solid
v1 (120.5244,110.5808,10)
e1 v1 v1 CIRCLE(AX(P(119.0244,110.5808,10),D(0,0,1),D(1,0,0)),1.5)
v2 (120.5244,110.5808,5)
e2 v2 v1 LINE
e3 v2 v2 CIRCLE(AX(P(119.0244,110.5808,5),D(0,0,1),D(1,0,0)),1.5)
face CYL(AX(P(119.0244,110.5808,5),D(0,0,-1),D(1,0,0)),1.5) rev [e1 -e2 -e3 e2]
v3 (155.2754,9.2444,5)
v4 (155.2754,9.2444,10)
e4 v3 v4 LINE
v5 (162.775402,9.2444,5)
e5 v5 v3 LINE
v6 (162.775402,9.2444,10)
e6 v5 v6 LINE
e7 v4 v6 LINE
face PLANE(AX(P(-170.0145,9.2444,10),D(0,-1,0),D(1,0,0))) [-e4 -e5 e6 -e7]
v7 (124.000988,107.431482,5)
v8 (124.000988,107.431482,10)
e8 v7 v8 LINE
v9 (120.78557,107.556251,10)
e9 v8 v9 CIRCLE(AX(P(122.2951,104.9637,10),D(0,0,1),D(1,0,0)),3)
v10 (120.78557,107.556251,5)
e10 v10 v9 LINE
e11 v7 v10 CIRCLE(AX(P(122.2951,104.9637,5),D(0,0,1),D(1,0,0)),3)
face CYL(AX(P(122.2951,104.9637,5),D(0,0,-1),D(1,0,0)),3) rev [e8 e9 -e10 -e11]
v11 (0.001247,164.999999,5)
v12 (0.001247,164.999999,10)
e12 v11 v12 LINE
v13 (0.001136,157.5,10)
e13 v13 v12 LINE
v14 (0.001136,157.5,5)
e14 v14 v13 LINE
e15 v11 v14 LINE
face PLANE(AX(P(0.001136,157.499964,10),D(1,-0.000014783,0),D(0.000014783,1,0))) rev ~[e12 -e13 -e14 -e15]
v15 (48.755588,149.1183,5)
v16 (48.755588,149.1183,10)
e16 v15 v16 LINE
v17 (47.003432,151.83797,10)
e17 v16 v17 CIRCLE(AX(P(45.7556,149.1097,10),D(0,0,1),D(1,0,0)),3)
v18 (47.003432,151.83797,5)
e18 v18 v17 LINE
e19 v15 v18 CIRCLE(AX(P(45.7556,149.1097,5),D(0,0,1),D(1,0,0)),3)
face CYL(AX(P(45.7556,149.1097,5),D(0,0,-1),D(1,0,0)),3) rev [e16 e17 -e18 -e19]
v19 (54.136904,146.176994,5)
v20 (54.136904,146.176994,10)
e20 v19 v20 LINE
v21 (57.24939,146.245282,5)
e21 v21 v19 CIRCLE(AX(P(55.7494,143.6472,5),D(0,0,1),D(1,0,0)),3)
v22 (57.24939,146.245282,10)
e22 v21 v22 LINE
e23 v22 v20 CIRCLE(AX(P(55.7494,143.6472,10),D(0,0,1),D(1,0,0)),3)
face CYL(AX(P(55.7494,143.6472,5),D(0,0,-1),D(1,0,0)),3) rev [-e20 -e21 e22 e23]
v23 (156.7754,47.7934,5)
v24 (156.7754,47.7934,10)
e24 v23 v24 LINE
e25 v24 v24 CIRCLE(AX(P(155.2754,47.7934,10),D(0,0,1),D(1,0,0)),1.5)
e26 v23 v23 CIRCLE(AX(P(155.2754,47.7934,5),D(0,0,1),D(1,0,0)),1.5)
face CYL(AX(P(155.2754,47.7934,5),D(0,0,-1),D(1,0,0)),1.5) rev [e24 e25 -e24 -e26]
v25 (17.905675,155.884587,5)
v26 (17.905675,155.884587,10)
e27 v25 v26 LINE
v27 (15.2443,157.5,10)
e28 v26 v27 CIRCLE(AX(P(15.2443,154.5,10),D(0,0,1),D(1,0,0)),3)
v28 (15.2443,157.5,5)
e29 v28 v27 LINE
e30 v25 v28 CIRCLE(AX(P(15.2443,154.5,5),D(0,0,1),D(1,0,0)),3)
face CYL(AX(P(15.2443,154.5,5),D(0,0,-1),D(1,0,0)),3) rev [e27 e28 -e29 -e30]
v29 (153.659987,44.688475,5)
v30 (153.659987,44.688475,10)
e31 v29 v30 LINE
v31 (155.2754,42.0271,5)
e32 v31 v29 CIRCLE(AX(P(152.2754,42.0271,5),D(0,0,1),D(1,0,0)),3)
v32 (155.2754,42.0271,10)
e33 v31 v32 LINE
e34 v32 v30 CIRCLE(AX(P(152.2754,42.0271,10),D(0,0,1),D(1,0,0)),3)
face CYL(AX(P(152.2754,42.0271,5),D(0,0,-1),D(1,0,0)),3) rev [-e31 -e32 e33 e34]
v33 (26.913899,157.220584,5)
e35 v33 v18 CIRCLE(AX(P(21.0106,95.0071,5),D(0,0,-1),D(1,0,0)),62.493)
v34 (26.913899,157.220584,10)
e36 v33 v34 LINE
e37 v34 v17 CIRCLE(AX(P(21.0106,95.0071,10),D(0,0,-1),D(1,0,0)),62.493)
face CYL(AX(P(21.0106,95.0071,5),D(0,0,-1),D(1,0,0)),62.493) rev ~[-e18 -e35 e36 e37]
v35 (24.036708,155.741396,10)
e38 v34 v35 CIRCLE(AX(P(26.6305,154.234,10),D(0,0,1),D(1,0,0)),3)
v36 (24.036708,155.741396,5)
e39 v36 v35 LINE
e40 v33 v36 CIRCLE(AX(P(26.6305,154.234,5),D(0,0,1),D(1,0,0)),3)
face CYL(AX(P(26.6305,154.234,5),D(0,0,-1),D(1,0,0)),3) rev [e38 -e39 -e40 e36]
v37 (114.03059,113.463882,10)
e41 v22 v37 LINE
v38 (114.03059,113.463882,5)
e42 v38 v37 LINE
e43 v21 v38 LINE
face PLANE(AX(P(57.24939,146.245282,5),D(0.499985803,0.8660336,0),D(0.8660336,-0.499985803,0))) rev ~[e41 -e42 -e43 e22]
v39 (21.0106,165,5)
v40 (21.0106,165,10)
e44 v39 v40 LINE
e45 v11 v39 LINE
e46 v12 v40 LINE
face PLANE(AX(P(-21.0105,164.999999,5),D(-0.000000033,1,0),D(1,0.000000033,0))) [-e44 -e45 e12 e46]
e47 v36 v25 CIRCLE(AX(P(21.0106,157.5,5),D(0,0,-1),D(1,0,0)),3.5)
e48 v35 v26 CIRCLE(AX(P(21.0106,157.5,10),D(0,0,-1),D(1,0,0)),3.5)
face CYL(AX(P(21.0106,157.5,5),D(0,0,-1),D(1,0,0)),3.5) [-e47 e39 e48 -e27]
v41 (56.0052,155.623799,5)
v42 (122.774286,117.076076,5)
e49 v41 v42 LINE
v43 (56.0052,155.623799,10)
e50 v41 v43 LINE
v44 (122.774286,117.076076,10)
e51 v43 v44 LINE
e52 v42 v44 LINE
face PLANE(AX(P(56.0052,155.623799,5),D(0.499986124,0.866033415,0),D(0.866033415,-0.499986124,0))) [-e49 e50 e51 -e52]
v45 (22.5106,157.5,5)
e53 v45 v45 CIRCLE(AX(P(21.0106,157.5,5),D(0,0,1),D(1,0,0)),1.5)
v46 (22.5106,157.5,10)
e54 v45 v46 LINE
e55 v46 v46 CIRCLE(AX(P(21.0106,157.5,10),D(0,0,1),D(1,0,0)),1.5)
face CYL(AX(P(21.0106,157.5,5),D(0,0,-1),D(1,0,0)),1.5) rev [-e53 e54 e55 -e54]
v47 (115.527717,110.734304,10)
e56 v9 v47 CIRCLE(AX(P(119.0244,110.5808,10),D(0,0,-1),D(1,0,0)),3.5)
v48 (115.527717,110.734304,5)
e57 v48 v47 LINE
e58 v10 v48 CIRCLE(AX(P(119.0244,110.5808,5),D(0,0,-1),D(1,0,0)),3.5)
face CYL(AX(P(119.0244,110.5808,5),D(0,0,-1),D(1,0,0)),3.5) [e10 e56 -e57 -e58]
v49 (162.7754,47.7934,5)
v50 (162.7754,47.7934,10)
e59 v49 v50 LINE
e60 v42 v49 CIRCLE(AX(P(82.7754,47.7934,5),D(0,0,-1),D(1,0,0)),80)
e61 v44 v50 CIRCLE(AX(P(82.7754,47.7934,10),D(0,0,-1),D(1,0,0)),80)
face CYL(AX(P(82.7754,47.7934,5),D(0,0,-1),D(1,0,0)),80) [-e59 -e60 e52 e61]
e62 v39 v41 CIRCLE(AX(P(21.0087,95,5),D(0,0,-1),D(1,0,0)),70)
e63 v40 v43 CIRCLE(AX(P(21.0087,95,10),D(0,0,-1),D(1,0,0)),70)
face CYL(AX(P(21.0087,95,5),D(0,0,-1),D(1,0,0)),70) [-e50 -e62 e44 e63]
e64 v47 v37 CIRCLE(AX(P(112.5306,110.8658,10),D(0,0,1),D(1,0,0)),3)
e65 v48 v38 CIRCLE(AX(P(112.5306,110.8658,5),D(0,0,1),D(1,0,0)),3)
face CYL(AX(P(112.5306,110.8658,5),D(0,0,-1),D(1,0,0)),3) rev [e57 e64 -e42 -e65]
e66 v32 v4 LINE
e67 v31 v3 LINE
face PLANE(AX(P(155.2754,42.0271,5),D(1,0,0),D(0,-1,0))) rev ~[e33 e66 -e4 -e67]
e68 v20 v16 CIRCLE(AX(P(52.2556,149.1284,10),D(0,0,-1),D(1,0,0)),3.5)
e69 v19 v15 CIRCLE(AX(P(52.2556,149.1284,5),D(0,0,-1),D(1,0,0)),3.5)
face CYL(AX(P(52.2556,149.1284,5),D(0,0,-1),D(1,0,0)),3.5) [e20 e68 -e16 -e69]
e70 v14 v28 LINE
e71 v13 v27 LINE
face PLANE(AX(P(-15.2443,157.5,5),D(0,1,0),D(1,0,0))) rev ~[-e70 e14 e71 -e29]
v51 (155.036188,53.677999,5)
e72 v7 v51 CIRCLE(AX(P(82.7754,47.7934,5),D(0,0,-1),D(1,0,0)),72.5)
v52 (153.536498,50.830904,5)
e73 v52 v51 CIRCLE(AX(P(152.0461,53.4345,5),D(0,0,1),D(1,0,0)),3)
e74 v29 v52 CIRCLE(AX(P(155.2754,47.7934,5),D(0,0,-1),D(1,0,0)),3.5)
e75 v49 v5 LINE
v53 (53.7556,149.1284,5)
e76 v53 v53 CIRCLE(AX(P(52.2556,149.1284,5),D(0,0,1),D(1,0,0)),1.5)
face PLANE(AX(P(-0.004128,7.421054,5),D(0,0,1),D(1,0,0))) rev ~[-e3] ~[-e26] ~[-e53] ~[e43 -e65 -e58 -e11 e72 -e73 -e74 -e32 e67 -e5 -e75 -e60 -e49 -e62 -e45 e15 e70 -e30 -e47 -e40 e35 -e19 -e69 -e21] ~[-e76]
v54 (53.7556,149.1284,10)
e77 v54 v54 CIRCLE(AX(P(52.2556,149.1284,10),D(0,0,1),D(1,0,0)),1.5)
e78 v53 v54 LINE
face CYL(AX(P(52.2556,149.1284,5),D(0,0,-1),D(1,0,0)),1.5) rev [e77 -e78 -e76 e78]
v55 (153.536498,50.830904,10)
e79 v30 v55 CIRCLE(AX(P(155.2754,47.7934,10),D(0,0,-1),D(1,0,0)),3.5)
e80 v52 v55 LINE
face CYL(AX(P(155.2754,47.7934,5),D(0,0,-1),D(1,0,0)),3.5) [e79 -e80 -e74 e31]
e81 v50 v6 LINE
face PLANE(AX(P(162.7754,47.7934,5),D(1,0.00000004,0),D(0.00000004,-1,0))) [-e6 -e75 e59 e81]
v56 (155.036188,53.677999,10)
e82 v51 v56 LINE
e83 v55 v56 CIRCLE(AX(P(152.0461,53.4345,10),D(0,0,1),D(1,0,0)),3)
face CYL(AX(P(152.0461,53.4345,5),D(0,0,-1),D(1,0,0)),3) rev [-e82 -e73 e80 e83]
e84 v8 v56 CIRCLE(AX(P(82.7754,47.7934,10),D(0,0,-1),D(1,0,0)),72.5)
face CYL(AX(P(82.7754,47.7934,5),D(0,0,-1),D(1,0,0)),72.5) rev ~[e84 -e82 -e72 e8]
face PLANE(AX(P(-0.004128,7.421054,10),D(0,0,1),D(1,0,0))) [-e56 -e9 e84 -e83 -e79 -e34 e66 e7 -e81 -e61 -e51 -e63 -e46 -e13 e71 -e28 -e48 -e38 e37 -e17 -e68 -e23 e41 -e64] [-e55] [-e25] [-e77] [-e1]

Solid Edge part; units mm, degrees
sketch "Sketch1" plane through (0.0007, 14.651, 5) normal (0, 0, 1) x (1, 0, 0)
  line L0 (-114.0407, 98.8093) -> (-57.2599, 131.5929)
  arc A0 (-54.1474, 131.5247) -> (-57.2599, 131.5929) centre (-55.7598, 128.9948) ccw
  arc A1 (-47.0142, 137.1861) -> (-48.7662, 134.4664) centre (-45.7662, 134.458) ccw
  arc A2 (-47.0142, 137.1861) -> (-26.9146, 142.5706) centre (-21.0226, 80.3698) cw
  arc A3 (-24.0376, 141.0909) -> (-26.9146, 142.5706) centre (-26.6317, 139.5839) ccw
  arc A4 (-15.245, 142.849) -> (-17.9063, 141.2336) centre (-15.245, 139.849) ccw
  line L1 (-15.245, 142.849) -> (15.2436, 142.849)
  arc A5 (17.905, 141.2336) -> (15.2436, 142.849) centre (15.2436, 139.849) ccw
  arc A6 (26.9132, 142.5696) -> (24.036, 141.0904) centre (26.6298, 139.583) ccw
  arc A7 (26.9132, 142.5696) -> (47.0027, 137.1869) centre (21.0099, 80.3561) cw
  arc A8 (48.7549, 134.4673) -> (47.0027, 137.1869) centre (45.7549, 134.4587) ccw
  arc A9 (57.2487, 131.5943) -> (54.1362, 131.526) centre (55.7487, 128.9962) ccw
  line L2 (57.2487, 131.5943) -> (114.0299, 98.8129)
  arc A10 (115.5271, 96.0833) -> (114.0299, 98.8129) centre (112.5299, 96.2148) ccw
  arc A11 (124.0003, 92.7805) -> (120.7849, 92.9052) centre (122.2944, 90.3127) ccw
  arc A12 (124.0003, 92.7805) -> (155.0355, 39.027) centre (82.7747, 33.1424) cw
  arc A13 (153.5358, 36.1799) -> (155.0355, 39.027) centre (152.0454, 38.7835) ccw
  arc A14 (155.2747, 27.3761) -> (153.6593, 30.0375) centre (152.2747, 27.3761) ccw
  line L3 (155.2747, 27.3761) -> (155.2747, -38.192)
  arc A15 (153.6593, -40.8534) -> (155.2747, -38.192) centre (152.2747, -38.192) ccw
  arc A16 (154.9954, -49.8615) -> (153.5161, -46.9844) centre (152.0088, -49.5782) ccw
  arc A17 (154.9954, -49.8615) -> (149.6134, -69.9554) centre (92.7533, -43.9583) cw
  arc A18 (146.8942, -71.7079) -> (149.6134, -69.9554) centre (146.8851, -68.7079) ccw
  arc A19 (144.0217, -80.2016) -> (143.9534, -77.0892) centre (141.4236, -78.7016) ccw
  line L4 (144.0217, -80.2016) -> (127.6444, -108.5679)
  arc A20 (122.7007, -116.5716) -> (122.8583, -113.3403) centre (120.256, -114.8329) ccw
  arc A21 (77.6703, -142.5696) -> (122.7007, -116.5716) centre (71.767, -80.3476) ccw
  arc A22 (74.7931, -141.0904) -> (77.6703, -142.5696) centre (77.3869, -139.583) ccw
  arc A23 (66.0007, -142.849) -> (68.6621, -141.2336) centre (66.0007, -139.849) ccw
  line L5 (5.7656, -142.849) -> (66.0007, -142.849)
  arc A24 (3.1042, -141.2336) -> (5.7656, -142.849) centre (5.7656, -139.849) ccw
  arc A25 (-5.767, -142.849) -> (-3.1056, -141.2336) centre (-5.767, -139.849) ccw
  line L6 (-66.0021, -142.849) -> (-5.767, -142.849)
  arc A26 (-68.6634, -141.2336) -> (-66.0021, -142.849) centre (-66.0021, -139.849) ccw
  arc A27 (-77.6716, -142.5694) -> (-74.7944, -141.0903) centre (-77.3881, -139.5828) ccw
  arc A28 (-122.6994, -116.5717) -> (-77.6716, -142.5694) centre (-71.7665, -80.349) ccw
  arc A29 (-122.857, -113.3404) -> (-122.6994, -116.5717) centre (-120.2547, -114.833) ccw
  arc A30 (-128.7762, -106.6053) -> (-126.0465, -108.1024) centre (-126.1781, -105.1053) ccw
  line L7 (-144.0218, -80.199) -> (-128.7762, -106.6053)
  arc A31 (-143.9535, -77.0865) -> (-144.0218, -80.199) centre (-141.4237, -78.699) ccw
  arc A32 (-149.6144, -69.9531) -> (-146.8949, -71.7053) centre (-146.8862, -68.7053) ccw
  arc A33 (-154.9987, -49.8585) -> (-149.6144, -69.9531) centre (-92.7672, -43.9523) ccw
  arc A34 (-153.5196, -46.9813) -> (-154.9987, -49.8585) centre (-152.0122, -49.5751) ccw
  arc A35 (-155.2786, -38.189) -> (-153.6631, -40.8503) centre (-152.2786, -38.1889) ccw
  line L8 (-155.2818, 27.3758) -> (-155.2786, -38.189)
  arc A36 (-153.6665, 30.0373) -> (-155.2818, 27.3758) centre (-152.2818, 27.376) ccw
  arc A37 (-155.0428, 39.0267) -> (-153.5432, 36.1796) centre (-152.0527, 38.7832) ccw
  arc A38 (-124.0109, 92.7765) -> (-155.0428, 39.0267) centre (-82.7847, 33.1421) ccw
  arc A39 (-120.7955, 92.9014) -> (-124.0109, 92.7765) centre (-122.3049, 90.3088) ccw
  arc A40 (-114.0407, 98.8093) -> (-115.5378, 96.0796) centre (-112.5406, 96.2112) ccw
  arc A41 (-48.7662, 134.4664) -> (-54.1474, 131.5247) centre (-52.2662, 134.4761) cw
  arc A42 (-17.9064, 141.2336) -> (-24.0377, 141.0909) centre (-21.0113, 142.849) cw
  arc A43 (24.036, 141.0904) -> (17.905, 141.2336) centre (21.0099, 142.849) cw
  arc A44 (54.1362, 131.526) -> (48.7549, 134.4673) centre (52.2549, 134.4774) cw
  arc A45 (120.7849, 92.9052) -> (115.5271, 96.0832) centre (119.0237, 95.9298) cw
  arc A46 (153.6593, 30.0375) -> (153.5358, 36.1799) centre (155.2747, 33.1424) cw
  arc A47 (153.5161, -46.9844) -> (153.6593, -40.8534) centre (155.2747, -43.9583) cw
  arc A48 (143.9534, -77.0891) -> (146.8942, -71.7079) centre (146.9048, -75.2079) cw
  arc A49 (122.8584, -113.3404) -> (127.6444, -108.5679) centre (125.8944, -111.599) cw
  arc A50 (68.6621, -141.2336) -> (74.7931, -141.0904) centre (71.767, -142.849) cw
  arc A51 (-3.1056, -141.2336) -> (3.1042, -141.2336) centre (-0.0007, -142.849) cw
  arc A52 (-74.7944, -141.0903) -> (-68.6635, -141.2336) centre (-71.7684, -142.849) cw
  arc A53 (-126.0466, -108.1024) -> (-122.857, -113.3404) centre (-125.8931, -111.599) cw
  arc A54 (-146.8949, -71.7053) -> (-143.9536, -77.0866) centre (-146.905, -75.2053) cw
  arc A55 (-153.6632, -40.8503) -> (-153.5196, -46.9813) centre (-155.2784, -43.9553) cw
  arc A56 (-153.5432, 36.1796) -> (-153.6665, 30.0373) centre (-155.2821, 33.1421) cw
  arc A57 (-115.5377, 96.0796) -> (-120.7955, 92.9014) centre (-119.0344, 95.926) cw
  line L9 (-56.0166, 140.971) -> (-122.7845, 102.4212)
  arc A58 (-162.7821, 33.1421) -> (-122.7845, 102.4212) centre (-82.7847, 33.1421) cw
  line L10 (-162.7821, 33.1421) -> (-162.7784, -43.9553)
  arc A59 (-162.7784, -43.9553) -> (-153.4002, -78.9553) centre (-92.7784, -43.9553) ccw
  line L11 (-132.3882, -115.349) -> (-153.4002, -78.9553)
  arc A60 (-132.3882, -115.349) -> (-71.7683, -150.349) centre (-71.7665, -80.349) ccw
  line L12 (71.767, -150.349) -> (-71.7683, -150.349)
  arc A61 (71.767, -150.349) -> (132.3896, -115.349) centre (71.7678, -80.349) ccw
  line L13 (132.3896, -115.349) -> (153.4002, -78.9576)
  arc A62 (162.7747, -43.9583) -> (153.4002, -78.9576) centre (92.791, -43.9684) cw
  line L14 (162.7747, 33.1424) -> (162.7747, -43.9583)
  arc A63 (122.7736, 102.4251) -> (162.7747, 33.1424) centre (82.7747, 33.1424) cw
  line L15 (56.0045, 140.9728) -> (122.7736, 102.4251)
  arc A64 (21.0099, 150.349) -> (56.0045, 140.9728) centre (21.008, 80.349) cw
  line L16 (-21.0112, 150.349) -> (21.0099, 150.349)
  arc A65 (-32.5074, 149.4015) -> (-21.0112, 150.349) centre (-20.997, 79.961) cw
  arc A66 (-44.641, 146.2432) -> (-32.5074, 149.4015) centre (-21.0122, 80.3518) cw
  arc A67 (-56.0166, 140.971) -> (-44.641, 146.2432) centre (-21.0122, 80.3518) cw
  circle A68 centre (-71.7683, -142.849) radius 1.5
  circle A69 centre (-0.0007, -142.849) radius 1.5
  circle A70 centre (-125.893, -111.599) radius 1.5
  circle A71 centre (-146.905, -75.2053) radius 1.5
  circle A72 centre (-155.2784, -43.9553) radius 1.5
  circle A73 centre (-155.2821, 33.1421) radius 1.5
  circle A74 centre (-119.0344, 95.9261) radius 1.5
  circle A75 centre (-52.2662, 134.4761) radius 1.5
  circle A76 centre (-21.0112, 142.849) radius 1.5
  circle A77 centre (21.0099, 142.849) radius 1.5
  circle A78 centre (52.2549, 134.4774) radius 1.5
  circle A79 centre (119.0237, 95.9298) radius 1.5
  circle A80 centre (155.2747, 33.1424) radius 1.5
  circle A81 centre (155.2747, -43.9583) radius 1.5
  circle A82 centre (146.9048, -75.2079) radius 1.5
  circle A83 centre (125.8944, -111.599) radius 1.5
  circle A84 centre (71.767, -142.849) radius 1.5
extrude "ExtrudedProtrusion_7" add sketch "Sketch1" along normal blind 5
sketch "Sketch2" plane through (-0.003, 14.651, 10) normal (0, 0, 1) x (1, 0, 0)
  line L0 (-170.0115, -5.4066) -> (169.0999, -5.4066)
  line L1 (169.0999, -5.4066) -> (169.0999, -159.984)
  line L2 (169.0999, -159.984) -> (-170.0115, -159.984)
  line L3 (-170.0115, -159.984) -> (-170.0115, -5.4066)
extrude "Cutout1" cut sketch "Sketch2" against normal up to next
sketch "Sketch3" plane through (-0.003, 87.1222, 10) normal (0, 0, 1) x (0.866, -0.5, 0)
  line L0 (-35.1853, 60.951) -> (-42.5637, 73.7312)
  line L1 (-42.5637, 73.7312) -> (-202.1881, -18.4247)
  line L2 (-202.1881, -18.4247) -> (-113.6218, -171.8315)
  line L3 (-113.6218, -171.8315) -> (46.0026, -79.6757)
  line L4 (-35.1853, 60.951) -> (46.0026, -79.6757)
extrude "Cutout2" cut sketch "Sketch3" against normal up to next
properties material "Polycarbonate"
